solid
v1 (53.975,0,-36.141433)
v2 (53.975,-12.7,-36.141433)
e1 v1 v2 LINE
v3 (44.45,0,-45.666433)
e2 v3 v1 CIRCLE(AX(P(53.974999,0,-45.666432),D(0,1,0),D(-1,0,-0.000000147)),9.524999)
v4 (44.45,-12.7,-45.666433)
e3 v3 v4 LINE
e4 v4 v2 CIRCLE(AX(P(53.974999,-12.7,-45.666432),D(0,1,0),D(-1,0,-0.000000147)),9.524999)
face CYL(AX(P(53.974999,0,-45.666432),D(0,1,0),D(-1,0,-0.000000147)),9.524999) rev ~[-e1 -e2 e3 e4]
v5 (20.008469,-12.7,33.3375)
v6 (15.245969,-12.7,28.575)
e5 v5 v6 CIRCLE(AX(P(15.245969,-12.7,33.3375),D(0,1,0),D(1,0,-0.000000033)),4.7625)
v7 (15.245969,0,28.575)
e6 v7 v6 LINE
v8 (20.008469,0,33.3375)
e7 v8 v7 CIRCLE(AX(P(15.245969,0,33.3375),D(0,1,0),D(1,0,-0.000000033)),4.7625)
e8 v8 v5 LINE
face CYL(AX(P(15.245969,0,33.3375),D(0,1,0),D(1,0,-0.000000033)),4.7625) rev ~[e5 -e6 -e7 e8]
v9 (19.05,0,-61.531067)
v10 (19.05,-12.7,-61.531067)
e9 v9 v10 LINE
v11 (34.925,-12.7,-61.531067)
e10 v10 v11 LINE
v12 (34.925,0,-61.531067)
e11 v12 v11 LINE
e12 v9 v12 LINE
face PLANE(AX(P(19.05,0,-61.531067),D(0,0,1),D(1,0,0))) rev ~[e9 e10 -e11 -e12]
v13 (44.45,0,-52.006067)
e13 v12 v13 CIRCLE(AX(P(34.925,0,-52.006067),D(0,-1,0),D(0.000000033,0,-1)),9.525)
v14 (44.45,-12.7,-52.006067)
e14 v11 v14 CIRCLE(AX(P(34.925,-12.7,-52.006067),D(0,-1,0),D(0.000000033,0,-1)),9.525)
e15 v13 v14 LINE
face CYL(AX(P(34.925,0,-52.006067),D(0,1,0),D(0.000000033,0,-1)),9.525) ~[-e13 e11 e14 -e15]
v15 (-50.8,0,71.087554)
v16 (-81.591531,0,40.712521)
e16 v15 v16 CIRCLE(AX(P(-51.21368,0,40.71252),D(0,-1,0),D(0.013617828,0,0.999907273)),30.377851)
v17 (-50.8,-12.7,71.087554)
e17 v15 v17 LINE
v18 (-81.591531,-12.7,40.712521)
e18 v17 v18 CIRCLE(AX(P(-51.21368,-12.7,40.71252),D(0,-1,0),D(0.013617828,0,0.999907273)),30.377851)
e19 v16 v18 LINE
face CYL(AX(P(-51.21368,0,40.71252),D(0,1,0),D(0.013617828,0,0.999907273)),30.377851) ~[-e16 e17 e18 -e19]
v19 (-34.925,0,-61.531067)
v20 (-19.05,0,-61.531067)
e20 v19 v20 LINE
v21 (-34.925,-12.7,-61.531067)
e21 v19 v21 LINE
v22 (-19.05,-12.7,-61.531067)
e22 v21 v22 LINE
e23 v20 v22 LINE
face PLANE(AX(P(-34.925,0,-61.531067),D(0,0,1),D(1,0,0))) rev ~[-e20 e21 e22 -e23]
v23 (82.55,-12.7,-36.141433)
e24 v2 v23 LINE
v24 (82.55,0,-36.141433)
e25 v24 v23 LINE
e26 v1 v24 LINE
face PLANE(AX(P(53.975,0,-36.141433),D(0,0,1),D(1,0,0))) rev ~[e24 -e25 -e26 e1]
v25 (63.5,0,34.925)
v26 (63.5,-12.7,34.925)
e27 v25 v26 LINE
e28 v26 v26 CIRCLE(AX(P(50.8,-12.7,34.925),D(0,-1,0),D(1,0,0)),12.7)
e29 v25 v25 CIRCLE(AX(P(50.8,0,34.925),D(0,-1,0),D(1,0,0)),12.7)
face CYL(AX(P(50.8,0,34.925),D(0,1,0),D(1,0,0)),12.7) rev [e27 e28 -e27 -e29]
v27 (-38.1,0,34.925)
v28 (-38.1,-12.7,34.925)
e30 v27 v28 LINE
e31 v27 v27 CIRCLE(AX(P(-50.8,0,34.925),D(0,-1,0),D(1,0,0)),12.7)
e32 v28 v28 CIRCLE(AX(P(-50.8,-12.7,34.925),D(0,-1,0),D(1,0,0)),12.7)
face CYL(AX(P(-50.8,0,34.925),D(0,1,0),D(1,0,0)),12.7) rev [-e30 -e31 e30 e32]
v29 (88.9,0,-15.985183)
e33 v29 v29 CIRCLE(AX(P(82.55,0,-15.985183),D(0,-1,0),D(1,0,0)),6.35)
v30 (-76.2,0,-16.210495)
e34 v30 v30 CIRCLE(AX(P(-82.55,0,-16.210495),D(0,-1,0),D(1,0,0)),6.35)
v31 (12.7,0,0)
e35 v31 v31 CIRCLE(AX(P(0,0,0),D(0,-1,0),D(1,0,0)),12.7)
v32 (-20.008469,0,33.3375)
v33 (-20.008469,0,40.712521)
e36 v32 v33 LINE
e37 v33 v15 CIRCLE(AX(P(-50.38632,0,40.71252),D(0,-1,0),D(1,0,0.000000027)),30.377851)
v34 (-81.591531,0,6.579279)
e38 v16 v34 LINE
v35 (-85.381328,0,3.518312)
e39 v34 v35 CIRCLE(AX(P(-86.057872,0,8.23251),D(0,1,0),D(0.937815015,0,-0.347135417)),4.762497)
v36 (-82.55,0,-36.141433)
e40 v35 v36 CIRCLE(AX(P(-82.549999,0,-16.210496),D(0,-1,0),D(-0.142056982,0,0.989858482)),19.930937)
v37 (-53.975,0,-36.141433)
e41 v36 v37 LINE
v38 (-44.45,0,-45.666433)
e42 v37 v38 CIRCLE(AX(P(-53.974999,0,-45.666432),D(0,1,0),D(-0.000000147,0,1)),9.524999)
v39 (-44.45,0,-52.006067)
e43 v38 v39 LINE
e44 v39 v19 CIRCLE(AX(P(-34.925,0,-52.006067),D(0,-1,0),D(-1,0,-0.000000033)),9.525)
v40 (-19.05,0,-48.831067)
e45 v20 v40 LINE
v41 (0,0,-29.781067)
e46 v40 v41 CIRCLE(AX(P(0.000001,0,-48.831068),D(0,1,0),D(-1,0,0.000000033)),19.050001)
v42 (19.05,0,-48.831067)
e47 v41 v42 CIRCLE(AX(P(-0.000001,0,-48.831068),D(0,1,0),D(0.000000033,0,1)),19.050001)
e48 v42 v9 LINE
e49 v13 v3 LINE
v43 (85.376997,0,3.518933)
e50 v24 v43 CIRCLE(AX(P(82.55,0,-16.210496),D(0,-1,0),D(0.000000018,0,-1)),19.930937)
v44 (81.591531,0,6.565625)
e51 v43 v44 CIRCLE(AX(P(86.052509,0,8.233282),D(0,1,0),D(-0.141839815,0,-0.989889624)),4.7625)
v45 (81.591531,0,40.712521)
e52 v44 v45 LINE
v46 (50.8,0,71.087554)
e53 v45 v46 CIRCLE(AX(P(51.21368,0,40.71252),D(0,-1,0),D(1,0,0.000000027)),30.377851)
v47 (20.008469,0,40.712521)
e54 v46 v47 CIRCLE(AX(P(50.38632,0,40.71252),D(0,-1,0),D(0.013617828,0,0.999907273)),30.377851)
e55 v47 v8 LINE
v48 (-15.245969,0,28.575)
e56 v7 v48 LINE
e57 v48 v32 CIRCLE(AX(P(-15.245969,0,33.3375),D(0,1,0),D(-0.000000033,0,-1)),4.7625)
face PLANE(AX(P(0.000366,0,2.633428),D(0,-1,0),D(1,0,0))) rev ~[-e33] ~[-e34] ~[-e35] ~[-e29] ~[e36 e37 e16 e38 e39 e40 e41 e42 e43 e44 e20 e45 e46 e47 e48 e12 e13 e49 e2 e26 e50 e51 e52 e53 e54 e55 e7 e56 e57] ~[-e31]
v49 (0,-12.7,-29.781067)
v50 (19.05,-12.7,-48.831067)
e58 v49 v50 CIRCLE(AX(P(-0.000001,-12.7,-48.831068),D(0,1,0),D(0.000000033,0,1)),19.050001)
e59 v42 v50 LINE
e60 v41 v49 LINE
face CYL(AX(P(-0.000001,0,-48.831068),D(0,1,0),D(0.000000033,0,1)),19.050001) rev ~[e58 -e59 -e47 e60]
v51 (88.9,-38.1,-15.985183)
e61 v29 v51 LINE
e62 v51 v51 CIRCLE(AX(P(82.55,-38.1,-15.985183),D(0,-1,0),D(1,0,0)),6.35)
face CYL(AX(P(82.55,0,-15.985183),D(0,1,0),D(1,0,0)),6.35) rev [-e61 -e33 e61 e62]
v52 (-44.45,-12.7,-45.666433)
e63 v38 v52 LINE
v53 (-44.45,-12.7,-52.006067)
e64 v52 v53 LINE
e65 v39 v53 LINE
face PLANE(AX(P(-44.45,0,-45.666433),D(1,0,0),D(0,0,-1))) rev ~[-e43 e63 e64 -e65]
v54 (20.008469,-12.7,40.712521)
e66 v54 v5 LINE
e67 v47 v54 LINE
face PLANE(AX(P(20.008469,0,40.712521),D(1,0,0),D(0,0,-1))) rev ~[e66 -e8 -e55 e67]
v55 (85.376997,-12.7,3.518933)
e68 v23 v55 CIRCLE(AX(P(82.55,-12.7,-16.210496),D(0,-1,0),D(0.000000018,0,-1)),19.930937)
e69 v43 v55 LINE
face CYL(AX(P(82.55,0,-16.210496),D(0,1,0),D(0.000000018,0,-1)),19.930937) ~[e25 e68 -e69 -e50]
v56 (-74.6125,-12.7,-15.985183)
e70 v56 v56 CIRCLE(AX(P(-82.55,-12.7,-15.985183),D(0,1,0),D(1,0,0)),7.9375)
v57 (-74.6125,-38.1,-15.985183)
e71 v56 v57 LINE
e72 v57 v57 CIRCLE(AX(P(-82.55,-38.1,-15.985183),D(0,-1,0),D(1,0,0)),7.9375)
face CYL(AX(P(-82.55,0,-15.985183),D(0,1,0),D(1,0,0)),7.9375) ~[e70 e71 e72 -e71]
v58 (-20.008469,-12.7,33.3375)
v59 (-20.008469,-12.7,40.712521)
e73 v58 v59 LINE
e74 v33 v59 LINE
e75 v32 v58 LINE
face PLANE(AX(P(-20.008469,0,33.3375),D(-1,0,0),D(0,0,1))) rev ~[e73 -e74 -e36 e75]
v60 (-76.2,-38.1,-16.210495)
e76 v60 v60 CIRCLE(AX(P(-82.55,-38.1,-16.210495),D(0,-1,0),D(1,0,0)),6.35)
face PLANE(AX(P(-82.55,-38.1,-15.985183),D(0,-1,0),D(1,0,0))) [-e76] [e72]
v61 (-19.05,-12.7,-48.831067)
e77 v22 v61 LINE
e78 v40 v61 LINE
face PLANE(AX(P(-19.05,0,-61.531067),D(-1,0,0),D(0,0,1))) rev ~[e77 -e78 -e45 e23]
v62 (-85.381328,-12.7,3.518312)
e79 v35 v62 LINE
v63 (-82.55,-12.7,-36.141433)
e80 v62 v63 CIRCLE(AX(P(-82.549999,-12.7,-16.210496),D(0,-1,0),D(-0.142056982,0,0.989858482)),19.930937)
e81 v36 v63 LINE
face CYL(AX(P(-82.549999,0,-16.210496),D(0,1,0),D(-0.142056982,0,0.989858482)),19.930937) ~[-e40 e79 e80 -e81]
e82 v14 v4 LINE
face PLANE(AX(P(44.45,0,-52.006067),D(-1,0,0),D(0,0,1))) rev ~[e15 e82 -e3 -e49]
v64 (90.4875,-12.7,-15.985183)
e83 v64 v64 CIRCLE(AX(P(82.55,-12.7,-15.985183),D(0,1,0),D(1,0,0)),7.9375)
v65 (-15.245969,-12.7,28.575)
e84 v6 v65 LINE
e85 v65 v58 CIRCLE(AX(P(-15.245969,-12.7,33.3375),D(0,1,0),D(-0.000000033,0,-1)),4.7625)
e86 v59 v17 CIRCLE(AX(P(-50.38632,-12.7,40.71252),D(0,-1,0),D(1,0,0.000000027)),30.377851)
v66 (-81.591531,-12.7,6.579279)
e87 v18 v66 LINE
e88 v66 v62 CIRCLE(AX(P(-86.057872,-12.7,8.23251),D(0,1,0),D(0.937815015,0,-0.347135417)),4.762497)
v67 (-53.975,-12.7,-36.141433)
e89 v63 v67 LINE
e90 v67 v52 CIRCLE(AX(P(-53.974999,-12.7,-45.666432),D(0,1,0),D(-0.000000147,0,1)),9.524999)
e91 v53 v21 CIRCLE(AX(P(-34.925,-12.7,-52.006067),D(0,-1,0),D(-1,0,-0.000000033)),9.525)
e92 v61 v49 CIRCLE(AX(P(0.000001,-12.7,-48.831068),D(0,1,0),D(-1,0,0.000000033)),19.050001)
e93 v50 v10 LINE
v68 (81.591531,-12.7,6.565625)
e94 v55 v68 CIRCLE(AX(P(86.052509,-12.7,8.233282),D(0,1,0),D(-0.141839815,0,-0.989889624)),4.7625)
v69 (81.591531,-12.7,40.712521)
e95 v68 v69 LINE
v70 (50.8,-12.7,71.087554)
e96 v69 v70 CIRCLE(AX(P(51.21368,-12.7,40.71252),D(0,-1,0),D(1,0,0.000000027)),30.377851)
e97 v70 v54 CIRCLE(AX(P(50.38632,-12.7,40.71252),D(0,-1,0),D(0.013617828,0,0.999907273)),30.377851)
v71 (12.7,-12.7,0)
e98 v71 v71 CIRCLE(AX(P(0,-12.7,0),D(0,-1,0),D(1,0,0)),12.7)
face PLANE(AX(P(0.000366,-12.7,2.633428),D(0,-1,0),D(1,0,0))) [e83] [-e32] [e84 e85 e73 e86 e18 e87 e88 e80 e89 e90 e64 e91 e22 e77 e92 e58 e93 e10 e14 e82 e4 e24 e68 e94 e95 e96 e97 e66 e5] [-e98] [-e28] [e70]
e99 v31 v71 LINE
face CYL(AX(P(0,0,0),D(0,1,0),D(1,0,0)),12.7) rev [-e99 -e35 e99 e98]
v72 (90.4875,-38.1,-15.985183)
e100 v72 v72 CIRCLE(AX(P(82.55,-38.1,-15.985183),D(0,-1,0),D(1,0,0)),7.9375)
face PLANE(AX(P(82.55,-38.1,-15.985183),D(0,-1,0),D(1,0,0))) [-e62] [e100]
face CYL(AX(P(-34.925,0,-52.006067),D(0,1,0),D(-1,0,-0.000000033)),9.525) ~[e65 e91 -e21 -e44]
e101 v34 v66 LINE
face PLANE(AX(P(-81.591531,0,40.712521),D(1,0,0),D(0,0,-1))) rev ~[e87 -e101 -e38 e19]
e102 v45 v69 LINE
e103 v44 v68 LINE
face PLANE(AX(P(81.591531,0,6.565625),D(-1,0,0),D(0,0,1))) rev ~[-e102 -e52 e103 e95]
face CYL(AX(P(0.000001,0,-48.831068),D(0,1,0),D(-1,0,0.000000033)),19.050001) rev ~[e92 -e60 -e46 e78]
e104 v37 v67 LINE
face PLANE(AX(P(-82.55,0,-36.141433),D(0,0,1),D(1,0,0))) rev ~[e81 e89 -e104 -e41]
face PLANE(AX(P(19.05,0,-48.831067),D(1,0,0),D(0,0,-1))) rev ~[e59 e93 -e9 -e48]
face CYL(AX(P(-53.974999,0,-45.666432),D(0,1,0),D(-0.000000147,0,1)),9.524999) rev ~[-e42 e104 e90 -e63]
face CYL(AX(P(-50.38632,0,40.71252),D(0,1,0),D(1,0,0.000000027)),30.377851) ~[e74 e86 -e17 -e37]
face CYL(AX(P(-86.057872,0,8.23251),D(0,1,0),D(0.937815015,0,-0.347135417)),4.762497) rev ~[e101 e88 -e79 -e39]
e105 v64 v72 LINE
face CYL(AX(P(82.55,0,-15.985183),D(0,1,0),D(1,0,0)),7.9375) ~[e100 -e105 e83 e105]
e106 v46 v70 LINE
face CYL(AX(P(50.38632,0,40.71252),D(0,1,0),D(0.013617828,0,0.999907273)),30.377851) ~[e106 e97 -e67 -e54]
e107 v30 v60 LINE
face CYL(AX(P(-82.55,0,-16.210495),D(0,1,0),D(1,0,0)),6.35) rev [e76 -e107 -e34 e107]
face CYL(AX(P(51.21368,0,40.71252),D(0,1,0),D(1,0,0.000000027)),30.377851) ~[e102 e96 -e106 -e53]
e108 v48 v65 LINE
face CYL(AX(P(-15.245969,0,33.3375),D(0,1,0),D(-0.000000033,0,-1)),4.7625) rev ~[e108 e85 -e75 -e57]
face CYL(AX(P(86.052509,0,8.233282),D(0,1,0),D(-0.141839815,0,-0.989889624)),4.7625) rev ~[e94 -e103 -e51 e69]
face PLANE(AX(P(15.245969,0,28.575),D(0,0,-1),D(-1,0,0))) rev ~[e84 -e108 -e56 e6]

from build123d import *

# Parameters (mm, degrees)
F0_R     = 7.9375
F0_R_2   = 12.7
F0_R_3   = 6.35
F1_DEPTH = 12.7
F2_DEPTH = 38.1


with BuildPart() as f1:
    # F0 (on Front) → F1 (new body)
    with BuildSketch(Plane.XZ):
        with BuildLine():
            ThreePointArc((-81.591531, 6.579279), (-83.065432, 4.527557), (-85.381328, 3.518312))
            ThreePointArc((-85.381328, 3.518312), (-102.43034, -17.629762), (-82.55, -36.141433))
            Line((-82.55, -36.141433), (-53.975, -36.141433))
            ThreePointArc((-53.975, -36.141433), (-47.239808, -38.93124), (-44.45, -45.666433))
            Line((-44.45, -45.666433), (-44.45, -52.006067))
            ThreePointArc((-44.45, -52.006067), (-41.660192, -58.741259), (-34.925, -61.531067))
            Line((-34.925, -61.531067), (-19.05, -61.531067))
            Line((-19.05, -61.531067), (-19.05, -48.831067))
            ThreePointArc((-19.05, -48.831067), (-13.470384, -35.360683), (0, -29.781067))
            ThreePointArc((0, -29.781067), (13.470384, -35.360683), (19.05, -48.831067))
            Line((19.05, -48.831067), (19.05, -61.531067))
            Line((19.05, -61.531067), (34.925, -61.531067))
            ThreePointArc((34.925, -61.531067), (41.660192, -58.741259), (44.45, -52.006067))
            Line((44.45, -52.006067), (44.45, -45.666433))
            ThreePointArc((44.45, -45.666433), (47.239808, -38.93124), (53.975, -36.141433))
            Line((53.975, -36.141433), (82.55, -36.141433))
            ThreePointArc((82.55, -36.141433), (102.430496, -17.627581), (85.376997, 3.518933))
            ThreePointArc((85.376997, 3.518933), (83.066464, 4.523169), (81.591531, 6.565625))
            Line((81.591531, 6.565625), (81.591531, 40.712521))
            ThreePointArc((81.591531, 40.712521), (72.547305, 62.338668), (50.8, 71.087554))
            ThreePointArc((50.8, 71.087554), (29.052695, 62.338668), (20.008469, 40.712521))
            Line((20.008469, 40.712521), (20.008469, 33.3375))
            ThreePointArc((20.008469, 33.3375), (18.613565, 29.969904), (15.245969, 28.575))
            Line((15.245969, 28.575), (-15.245969, 28.575))
            ThreePointArc((-15.245969, 28.575), (-18.613565, 29.969904), (-20.008469, 33.3375))
            Line((-20.008469, 33.3375), (-20.008469, 40.712521))
            ThreePointArc((-20.008469, 40.712521), (-29.052695, 62.338668), (-50.8, 71.087554))
            ThreePointArc((-50.8, 71.087554), (-72.547305, 62.338668), (-81.591531, 40.712521))
            Line((-81.591531, 40.712521), (-81.591531, 6.579279))
        make_face()
        with Locations((-82.55, -15.985183)):
            Circle(F0_R, mode=Mode.SUBTRACT)
        Circle(F0_R_2, mode=Mode.SUBTRACT)
        with Locations((82.55, -15.985183)):
            Circle(F0_R, mode=Mode.SUBTRACT)
        with Locations((-50.8, 34.925)):
            Circle(F0_R_2, mode=Mode.SUBTRACT)
        with Locations((50.8, 34.925)):
            Circle(F0_R_2, mode=Mode.SUBTRACT)
        with Locations((-82.55, -15.985183)):
            Circle(F0_R)
        with Locations((-82.55, -16.210495)):
            Circle(F0_R_3, mode=Mode.SUBTRACT)
        with Locations((82.55, -15.985183)):
            Circle(F0_R)
        with Locations((82.55, -15.985183)):
            Circle(F0_R_3, mode=Mode.SUBTRACT)
    extrude(amount=F1_DEPTH)

    # F0 (on Front) → F2 (join)
    with BuildSketch(Plane.XZ):
        with Locations((82.55, -15.985183)):
            Circle(F0_R)
        with Locations((82.55, -15.985183)):
            Circle(F0_R_3, mode=Mode.SUBTRACT)
        with Locations((-82.55, -15.985183)):
            Circle(F0_R)
        with Locations((-82.55, -16.210495)):
            Circle(F0_R_3, mode=Mode.SUBTRACT)
    extrude(amount=F2_DEPTH)


solid = f1.part
